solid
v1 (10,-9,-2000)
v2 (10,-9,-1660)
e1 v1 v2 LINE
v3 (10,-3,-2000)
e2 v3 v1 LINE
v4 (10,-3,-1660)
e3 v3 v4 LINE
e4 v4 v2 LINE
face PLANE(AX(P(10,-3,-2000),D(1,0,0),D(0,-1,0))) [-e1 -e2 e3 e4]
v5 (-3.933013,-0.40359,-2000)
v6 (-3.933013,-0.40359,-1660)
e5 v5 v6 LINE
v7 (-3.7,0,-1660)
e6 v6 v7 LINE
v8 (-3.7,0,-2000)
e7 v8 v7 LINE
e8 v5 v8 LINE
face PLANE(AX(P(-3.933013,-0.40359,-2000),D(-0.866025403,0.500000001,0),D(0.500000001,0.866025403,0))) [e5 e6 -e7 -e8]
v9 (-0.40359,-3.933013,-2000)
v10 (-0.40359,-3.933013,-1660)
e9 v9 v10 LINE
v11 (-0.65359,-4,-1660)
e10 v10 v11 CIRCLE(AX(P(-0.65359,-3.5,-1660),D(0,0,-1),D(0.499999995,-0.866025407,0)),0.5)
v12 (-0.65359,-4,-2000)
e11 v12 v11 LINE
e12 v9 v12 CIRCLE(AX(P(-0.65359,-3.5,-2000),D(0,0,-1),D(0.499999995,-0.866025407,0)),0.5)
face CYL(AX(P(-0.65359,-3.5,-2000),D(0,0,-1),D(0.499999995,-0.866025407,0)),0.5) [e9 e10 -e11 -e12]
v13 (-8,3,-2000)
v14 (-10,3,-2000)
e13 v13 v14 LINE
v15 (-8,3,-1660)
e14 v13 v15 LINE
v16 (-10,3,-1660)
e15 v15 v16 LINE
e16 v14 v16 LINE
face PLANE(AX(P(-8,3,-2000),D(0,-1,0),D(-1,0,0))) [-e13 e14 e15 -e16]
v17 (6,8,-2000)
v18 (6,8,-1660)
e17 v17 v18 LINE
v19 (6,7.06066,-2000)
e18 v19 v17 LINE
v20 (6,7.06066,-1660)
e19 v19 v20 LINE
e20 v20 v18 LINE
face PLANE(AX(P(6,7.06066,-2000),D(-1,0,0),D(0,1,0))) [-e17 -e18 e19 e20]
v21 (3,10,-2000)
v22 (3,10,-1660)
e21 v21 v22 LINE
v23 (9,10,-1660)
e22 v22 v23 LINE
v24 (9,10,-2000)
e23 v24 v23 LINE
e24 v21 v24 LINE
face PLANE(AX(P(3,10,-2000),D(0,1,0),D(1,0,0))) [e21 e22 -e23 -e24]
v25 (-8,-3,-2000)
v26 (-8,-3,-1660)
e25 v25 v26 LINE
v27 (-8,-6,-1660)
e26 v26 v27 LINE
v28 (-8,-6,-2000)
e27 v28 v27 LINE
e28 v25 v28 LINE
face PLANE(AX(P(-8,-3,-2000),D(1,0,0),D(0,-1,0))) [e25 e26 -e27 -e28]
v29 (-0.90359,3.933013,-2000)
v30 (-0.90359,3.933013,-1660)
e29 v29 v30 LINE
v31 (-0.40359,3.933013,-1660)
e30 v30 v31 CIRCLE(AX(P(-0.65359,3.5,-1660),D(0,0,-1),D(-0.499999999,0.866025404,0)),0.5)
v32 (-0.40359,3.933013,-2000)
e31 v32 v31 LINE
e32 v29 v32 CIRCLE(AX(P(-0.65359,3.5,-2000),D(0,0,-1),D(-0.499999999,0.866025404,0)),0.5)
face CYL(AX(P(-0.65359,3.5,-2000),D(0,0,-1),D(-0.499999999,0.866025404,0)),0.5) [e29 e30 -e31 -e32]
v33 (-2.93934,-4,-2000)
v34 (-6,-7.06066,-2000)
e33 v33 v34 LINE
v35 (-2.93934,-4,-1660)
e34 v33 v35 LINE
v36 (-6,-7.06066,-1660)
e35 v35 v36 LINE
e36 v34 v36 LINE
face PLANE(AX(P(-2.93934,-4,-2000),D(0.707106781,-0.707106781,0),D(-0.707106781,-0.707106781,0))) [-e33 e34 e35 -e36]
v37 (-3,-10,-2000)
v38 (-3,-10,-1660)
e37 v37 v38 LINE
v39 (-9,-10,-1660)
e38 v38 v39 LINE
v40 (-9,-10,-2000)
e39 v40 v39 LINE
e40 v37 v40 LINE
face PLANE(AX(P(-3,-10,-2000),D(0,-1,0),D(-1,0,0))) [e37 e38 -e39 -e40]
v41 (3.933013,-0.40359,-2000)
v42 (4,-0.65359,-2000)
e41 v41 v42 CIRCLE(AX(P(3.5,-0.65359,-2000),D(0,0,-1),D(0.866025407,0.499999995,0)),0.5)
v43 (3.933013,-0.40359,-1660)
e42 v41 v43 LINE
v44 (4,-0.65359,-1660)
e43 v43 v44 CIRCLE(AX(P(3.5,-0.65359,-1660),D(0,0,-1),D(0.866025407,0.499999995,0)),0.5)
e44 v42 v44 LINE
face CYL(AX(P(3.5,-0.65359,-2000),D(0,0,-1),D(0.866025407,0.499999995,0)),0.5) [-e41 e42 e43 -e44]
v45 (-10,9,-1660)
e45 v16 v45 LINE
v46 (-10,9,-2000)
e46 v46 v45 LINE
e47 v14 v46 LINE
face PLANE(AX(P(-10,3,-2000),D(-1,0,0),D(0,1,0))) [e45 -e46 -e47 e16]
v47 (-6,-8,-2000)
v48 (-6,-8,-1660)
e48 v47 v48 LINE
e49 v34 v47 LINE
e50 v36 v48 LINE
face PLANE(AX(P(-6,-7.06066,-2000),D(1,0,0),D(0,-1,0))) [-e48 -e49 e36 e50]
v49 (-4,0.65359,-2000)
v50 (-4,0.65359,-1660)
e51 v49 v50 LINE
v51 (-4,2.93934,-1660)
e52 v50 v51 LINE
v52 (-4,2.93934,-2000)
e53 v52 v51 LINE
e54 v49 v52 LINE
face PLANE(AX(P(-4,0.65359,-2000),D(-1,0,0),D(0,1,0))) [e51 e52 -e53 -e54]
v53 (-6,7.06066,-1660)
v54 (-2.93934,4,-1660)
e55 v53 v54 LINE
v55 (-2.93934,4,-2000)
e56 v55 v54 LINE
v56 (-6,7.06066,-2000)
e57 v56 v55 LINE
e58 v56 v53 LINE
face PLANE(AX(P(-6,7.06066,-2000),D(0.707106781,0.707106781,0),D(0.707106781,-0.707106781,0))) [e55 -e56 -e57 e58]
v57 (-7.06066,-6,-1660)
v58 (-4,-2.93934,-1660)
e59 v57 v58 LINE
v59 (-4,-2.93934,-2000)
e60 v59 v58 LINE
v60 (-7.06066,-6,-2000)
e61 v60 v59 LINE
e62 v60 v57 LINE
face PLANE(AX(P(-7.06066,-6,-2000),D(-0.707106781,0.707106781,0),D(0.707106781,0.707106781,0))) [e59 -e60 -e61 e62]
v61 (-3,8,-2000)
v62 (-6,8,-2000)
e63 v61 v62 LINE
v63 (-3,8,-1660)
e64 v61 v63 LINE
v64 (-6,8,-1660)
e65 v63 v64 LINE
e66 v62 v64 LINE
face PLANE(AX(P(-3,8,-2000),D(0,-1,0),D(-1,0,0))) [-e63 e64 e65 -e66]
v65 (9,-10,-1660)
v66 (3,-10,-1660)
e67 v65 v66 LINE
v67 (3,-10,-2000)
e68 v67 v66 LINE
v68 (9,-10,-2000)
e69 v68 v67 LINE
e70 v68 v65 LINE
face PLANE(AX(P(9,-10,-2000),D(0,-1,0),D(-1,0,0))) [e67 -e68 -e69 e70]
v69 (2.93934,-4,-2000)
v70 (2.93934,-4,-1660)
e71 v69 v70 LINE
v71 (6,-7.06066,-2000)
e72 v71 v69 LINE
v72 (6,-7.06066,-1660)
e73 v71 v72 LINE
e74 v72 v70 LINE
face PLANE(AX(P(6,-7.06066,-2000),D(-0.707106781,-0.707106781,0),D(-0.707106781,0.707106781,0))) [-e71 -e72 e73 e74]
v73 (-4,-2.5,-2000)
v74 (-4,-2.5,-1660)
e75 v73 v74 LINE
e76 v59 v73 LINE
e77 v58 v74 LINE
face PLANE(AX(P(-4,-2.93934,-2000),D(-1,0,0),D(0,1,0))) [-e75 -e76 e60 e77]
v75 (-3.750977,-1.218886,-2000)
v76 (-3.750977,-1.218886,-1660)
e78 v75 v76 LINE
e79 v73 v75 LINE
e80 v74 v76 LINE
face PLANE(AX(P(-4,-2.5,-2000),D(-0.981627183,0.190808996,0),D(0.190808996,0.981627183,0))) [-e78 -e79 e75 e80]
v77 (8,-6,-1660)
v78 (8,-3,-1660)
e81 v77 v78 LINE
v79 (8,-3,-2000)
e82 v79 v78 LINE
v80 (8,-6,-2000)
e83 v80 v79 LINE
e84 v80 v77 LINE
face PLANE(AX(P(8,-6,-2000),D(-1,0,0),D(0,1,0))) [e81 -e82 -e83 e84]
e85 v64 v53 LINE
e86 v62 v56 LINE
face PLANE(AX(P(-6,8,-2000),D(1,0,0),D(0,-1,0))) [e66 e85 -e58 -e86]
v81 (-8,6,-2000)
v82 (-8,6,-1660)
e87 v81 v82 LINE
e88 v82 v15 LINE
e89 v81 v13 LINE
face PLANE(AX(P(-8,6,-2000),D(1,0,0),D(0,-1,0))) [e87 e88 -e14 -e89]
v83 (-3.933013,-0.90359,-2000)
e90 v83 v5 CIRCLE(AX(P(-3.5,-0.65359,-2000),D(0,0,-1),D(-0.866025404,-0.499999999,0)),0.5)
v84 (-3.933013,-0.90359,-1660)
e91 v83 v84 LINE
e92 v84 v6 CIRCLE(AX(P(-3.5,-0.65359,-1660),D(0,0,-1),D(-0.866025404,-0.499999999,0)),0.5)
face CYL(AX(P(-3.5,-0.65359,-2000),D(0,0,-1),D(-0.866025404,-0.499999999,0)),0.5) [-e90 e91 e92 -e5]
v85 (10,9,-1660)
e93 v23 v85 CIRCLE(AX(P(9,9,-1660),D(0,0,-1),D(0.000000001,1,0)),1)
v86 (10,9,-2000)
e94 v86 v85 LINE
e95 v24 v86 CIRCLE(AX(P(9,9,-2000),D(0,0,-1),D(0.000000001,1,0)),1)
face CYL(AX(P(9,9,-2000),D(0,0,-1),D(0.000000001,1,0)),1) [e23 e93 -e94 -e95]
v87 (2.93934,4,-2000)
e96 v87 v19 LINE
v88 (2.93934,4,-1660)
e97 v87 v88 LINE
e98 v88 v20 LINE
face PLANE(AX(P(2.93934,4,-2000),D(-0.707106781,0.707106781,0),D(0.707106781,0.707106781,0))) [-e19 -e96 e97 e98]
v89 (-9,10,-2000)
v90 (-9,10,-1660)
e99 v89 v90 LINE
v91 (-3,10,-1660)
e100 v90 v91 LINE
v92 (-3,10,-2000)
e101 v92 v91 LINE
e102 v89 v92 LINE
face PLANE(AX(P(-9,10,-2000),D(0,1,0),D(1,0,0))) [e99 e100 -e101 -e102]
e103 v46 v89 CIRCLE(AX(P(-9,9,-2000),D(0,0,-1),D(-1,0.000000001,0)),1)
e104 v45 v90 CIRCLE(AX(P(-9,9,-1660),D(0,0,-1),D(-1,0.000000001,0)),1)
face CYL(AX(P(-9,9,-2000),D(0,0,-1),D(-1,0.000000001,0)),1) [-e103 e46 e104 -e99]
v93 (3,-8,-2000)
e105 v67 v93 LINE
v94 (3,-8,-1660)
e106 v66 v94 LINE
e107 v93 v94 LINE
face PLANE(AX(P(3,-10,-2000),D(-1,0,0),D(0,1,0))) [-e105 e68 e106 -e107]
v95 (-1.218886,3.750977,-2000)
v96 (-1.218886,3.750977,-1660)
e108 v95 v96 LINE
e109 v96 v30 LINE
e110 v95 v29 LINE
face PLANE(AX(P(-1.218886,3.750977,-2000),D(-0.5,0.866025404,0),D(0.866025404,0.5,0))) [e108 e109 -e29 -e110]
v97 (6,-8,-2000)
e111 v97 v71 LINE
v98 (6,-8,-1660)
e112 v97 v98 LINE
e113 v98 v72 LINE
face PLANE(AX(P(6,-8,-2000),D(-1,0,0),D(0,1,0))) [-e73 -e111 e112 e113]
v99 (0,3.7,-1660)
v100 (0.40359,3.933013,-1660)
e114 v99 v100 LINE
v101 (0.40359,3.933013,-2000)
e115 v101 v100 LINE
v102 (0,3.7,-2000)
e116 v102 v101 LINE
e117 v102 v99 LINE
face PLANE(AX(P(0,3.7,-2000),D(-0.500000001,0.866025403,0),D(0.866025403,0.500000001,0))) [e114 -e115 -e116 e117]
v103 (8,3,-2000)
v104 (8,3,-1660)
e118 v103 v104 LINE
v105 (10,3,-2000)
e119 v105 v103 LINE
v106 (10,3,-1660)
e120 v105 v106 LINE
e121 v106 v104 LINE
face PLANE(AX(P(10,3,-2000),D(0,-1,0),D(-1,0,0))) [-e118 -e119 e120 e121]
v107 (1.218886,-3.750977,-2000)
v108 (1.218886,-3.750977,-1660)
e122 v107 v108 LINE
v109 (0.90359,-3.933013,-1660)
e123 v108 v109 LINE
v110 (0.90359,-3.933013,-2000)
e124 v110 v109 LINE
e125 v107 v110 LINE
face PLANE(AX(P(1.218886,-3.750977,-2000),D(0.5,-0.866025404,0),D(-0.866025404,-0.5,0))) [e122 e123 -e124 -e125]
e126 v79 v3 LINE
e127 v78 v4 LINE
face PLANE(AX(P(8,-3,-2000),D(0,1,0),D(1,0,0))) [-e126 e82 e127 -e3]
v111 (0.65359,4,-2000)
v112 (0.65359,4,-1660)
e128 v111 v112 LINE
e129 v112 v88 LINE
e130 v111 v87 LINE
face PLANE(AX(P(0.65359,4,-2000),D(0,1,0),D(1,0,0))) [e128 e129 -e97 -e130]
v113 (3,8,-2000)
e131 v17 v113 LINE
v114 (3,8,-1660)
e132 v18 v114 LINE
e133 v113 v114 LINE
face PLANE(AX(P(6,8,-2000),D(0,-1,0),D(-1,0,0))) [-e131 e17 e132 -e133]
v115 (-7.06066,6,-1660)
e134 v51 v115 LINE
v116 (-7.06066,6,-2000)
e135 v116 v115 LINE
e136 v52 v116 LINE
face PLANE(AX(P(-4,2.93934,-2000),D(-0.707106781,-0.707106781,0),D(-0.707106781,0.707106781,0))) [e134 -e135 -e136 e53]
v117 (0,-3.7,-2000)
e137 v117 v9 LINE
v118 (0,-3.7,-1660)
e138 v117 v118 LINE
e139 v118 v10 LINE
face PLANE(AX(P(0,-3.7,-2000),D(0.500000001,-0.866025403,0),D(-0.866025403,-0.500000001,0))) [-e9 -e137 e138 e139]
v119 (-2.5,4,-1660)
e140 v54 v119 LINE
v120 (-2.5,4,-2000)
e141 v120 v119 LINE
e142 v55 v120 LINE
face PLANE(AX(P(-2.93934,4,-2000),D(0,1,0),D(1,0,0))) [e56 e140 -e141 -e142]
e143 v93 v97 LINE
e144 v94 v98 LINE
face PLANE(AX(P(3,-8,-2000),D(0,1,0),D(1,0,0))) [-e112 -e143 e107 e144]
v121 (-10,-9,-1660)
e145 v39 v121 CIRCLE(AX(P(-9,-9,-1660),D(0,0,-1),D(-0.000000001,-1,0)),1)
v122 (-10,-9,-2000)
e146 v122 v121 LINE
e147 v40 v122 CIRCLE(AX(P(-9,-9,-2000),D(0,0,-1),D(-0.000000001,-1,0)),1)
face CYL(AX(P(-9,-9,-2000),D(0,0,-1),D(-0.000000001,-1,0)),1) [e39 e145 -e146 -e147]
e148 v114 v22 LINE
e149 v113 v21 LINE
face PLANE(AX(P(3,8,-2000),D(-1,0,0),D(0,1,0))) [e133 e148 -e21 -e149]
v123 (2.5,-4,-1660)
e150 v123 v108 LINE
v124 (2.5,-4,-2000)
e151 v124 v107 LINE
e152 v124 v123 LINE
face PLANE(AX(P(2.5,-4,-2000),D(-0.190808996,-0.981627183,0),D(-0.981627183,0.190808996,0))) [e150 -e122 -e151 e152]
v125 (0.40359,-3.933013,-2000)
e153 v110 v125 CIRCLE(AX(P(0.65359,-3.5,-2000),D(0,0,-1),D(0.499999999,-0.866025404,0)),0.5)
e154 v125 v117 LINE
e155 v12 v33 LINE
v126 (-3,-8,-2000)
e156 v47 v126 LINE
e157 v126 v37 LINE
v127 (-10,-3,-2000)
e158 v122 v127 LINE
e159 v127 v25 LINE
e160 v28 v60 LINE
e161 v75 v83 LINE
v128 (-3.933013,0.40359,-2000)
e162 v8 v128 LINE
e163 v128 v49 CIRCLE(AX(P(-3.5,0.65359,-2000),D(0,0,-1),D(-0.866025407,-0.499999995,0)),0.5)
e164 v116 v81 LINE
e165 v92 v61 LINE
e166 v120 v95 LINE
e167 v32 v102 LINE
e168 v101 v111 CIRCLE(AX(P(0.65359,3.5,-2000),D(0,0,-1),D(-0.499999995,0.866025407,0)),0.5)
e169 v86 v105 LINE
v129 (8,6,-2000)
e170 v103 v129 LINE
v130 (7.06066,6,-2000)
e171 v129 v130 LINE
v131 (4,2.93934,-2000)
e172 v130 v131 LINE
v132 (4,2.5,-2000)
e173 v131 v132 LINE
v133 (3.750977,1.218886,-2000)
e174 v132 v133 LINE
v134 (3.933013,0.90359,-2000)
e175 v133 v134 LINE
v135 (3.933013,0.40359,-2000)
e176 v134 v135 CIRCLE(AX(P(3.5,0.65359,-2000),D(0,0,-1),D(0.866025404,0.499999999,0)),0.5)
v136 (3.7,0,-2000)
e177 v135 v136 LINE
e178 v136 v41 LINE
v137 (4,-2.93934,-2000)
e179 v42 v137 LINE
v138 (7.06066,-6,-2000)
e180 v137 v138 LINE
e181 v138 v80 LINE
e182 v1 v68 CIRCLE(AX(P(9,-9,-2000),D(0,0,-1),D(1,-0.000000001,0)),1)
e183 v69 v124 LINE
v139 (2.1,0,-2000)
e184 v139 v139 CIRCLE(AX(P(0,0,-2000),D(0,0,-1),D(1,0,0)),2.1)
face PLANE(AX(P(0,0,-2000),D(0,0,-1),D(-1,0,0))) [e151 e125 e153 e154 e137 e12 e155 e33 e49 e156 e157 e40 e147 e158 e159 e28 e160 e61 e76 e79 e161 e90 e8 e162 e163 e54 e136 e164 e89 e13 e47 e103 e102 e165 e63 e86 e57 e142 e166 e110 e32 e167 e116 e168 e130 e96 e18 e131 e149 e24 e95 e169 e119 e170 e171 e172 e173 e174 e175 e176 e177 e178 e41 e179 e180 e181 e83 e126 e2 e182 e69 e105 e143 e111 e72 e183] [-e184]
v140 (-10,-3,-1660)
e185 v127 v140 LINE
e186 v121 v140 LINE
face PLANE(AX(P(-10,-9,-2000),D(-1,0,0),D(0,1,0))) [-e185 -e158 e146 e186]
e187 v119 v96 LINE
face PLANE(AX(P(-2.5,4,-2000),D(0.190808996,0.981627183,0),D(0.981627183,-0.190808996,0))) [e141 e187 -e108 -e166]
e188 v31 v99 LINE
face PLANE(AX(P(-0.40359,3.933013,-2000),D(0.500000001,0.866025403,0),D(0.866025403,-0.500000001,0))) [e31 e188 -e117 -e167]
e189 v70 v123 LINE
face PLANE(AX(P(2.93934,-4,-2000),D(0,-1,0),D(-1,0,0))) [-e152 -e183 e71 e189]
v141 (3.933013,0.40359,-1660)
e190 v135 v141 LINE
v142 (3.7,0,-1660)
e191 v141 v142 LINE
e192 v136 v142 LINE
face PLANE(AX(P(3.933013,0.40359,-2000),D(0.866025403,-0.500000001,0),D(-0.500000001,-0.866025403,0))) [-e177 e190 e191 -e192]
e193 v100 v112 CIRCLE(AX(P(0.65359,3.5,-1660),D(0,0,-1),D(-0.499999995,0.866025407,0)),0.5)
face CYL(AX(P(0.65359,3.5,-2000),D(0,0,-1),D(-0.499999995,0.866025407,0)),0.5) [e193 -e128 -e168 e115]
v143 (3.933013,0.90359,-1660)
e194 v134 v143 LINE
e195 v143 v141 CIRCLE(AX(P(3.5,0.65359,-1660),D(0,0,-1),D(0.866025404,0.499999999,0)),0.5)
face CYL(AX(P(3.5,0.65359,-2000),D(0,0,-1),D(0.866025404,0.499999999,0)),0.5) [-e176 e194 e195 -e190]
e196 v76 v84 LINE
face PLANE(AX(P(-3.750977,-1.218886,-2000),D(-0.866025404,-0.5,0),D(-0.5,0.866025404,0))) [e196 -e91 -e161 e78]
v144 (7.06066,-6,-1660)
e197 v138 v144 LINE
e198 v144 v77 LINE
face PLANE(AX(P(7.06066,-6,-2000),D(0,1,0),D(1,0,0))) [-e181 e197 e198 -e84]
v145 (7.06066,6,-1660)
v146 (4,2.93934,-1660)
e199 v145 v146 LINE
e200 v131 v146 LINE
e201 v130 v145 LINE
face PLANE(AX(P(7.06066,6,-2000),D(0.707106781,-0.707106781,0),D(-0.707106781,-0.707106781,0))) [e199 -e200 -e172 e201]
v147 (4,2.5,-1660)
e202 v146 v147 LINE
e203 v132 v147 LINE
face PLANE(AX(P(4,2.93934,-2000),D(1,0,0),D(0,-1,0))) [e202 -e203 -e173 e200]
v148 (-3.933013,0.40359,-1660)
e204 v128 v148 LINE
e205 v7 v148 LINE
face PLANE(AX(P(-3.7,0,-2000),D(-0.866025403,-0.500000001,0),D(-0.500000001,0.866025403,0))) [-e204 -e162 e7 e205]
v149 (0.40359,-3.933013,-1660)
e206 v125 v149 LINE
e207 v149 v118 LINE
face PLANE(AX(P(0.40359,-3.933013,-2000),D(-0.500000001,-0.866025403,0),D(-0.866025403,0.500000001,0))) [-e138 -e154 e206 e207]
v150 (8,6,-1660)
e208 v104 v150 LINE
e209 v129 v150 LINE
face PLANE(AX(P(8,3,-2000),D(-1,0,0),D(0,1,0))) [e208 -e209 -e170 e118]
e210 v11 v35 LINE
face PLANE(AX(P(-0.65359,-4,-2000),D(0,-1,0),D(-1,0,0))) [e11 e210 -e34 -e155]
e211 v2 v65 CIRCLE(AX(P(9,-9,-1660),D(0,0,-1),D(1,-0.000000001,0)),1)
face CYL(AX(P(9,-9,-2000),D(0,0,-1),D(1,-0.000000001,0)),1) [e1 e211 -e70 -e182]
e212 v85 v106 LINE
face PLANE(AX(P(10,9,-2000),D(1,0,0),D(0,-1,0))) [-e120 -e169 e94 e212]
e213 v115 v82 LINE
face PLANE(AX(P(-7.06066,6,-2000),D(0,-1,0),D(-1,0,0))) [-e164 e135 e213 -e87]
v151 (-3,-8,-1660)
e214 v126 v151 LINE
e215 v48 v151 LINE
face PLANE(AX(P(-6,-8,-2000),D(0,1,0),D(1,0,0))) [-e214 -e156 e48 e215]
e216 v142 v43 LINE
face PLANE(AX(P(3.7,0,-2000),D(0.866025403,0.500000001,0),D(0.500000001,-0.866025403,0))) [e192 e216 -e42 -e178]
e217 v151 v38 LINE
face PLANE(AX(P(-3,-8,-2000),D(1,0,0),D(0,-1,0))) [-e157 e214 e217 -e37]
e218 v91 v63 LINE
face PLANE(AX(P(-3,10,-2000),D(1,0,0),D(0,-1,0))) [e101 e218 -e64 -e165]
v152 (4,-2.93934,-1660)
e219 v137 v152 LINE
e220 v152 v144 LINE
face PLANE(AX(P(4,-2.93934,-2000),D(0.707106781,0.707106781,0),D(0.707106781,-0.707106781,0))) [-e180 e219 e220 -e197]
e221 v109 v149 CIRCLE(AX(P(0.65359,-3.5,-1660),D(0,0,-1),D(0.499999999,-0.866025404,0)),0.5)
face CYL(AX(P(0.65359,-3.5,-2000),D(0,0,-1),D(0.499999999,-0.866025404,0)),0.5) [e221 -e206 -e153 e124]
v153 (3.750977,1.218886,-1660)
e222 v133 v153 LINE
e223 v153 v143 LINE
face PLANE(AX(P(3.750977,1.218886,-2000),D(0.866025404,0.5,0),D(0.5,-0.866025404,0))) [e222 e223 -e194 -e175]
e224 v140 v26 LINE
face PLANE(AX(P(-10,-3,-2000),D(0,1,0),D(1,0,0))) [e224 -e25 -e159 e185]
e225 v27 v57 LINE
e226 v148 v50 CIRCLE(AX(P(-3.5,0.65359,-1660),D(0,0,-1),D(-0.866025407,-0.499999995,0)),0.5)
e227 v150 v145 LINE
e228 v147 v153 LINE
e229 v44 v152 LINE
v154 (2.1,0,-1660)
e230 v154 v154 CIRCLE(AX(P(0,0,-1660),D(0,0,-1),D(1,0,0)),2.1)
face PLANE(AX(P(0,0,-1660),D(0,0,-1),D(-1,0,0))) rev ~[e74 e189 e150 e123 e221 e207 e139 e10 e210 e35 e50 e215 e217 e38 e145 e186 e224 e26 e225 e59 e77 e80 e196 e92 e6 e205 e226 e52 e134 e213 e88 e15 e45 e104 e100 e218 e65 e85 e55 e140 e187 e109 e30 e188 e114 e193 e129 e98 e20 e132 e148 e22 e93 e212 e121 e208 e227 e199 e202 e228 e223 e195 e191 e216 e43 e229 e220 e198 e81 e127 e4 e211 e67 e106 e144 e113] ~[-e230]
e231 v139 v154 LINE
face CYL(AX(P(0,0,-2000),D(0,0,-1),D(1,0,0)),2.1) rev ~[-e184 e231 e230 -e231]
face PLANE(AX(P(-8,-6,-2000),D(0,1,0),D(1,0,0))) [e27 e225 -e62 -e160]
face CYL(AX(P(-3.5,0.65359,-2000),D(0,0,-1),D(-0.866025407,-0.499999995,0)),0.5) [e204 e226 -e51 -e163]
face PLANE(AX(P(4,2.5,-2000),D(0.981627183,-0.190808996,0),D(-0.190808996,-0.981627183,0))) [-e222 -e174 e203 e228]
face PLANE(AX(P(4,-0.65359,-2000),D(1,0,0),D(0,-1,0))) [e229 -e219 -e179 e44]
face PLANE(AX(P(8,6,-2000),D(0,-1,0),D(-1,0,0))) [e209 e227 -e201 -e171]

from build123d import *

# Parameters (mm, degrees)
SKETCH1_R           = 2.1
BOSS_EXTRUDE1_DEPTH = 340


with BuildPart() as part:
    # Sketch1 → Boss-Extrude1 (new body)
    with BuildSketch(Plane(origin=(0, 0, -2000), x_dir=(-1, 0, 0), z_dir=(0, 0, -1))):
        with BuildLine():
            Line((10, -3), (8, -3))
            Line((8, -3), (8, -6))
            Line((8, -6), (7.060660172, -6))
            Line((7.060660172, -6), (4, -2.939339828))
            Line((4, -2.939339828), (4, -2.5))
            Line((4, -2.5), (3.750976592, -1.218885629))
            Line((3.750976592, -1.218885629), (3.933012702, -0.903589838))
            ThreePointArc((3.933012702, -0.903589838), (4, -0.653589838), (3.933012702, -0.403589838))
            Line((3.933012702, -0.403589838), (3.7, 0))
            Line((3.7, 0), (3.933012702, 0.403589838))
            ThreePointArc((3.933012702, 0.403589838), (3.982962913, 0.524180316), (4, 0.653589838))
            Line((4, 0.653589838), (4, 2.939339828))
            Line((4, 2.939339828), (7.060660172, 6))
            Line((7.060660172, 6), (8, 6))
            Line((8, 6), (8, 3))
            Line((8, 3), (10, 3))
            Line((10, 3), (10, 9))
            ThreePointArc((10, 9), (9.707106781, 9.707106781), (9, 10))
            Line((9, 10), (3, 10))
            Line((3, 10), (3, 8))
            Line((3, 8), (6, 8))
            Line((6, 8), (6, 7.060660172))
            Line((6, 7.060660172), (2.939339828, 4))
            Line((2.939339828, 4), (2.5, 4))
            Line((2.5, 4), (1.218885629, 3.750976592))
            Line((1.218885629, 3.750976592), (0.903589838, 3.933012702))
            ThreePointArc((0.903589838, 3.933012702), (0.653589838, 4), (0.403589838, 3.933012702))
            Line((0.403589838, 3.933012702), (0, 3.7))
            Line((0, 3.7), (-0.403589838, 3.933012702))
            ThreePointArc((-0.403589838, 3.933012702), (-0.524180316, 3.982962913), (-0.653589838, 4))
            Line((-0.653589838, 4), (-2.939339828, 4))
            Line((-2.939339828, 4), (-6, 7.060660172))
            Line((-6, 7.060660172), (-6, 8))
            Line((-6, 8), (-3, 8))
            Line((-3, 8), (-3, 10))
            Line((-3, 10), (-9, 10))
            ThreePointArc((-9, 10), (-9.707106781, 9.707106781), (-10, 9))
            Line((-10, 9), (-10, 3))
            Line((-10, 3), (-8, 3))
            Line((-8, 3), (-8, 6))
            Line((-8, 6), (-7.060660172, 6))
            Line((-7.060660172, 6), (-4, 2.939339828))
            Line((-4, 2.939339828), (-4, 2.5))
            Line((-4, 2.5), (-3.750976592, 1.218885629))
            Line((-3.750976592, 1.218885629), (-3.933012702, 0.903589838))
            ThreePointArc((-3.933012702, 0.903589838), (-4, 0.653589838), (-3.933012702, 0.403589838))
            Line((-3.933012702, 0.403589838), (-3.7, 0))
            Line((-3.7, 0), (-3.933012702, -0.403589838))
            ThreePointArc((-3.933012702, -0.403589838), (-3.982962913, -0.524180316), (-4, -0.653589838))
            Line((-4, -0.653589838), (-4, -2.939339828))
            Line((-4, -2.939339828), (-7.060660172, -6))
            Line((-7.060660172, -6), (-8, -6))
            Line((-8, -6), (-8, -3))
            Line((-8, -3), (-10, -3))
            Line((-10, -3), (-10, -9))
            ThreePointArc((-10, -9), (-9.707106781, -9.707106781), (-9, -10))
            Line((-9, -10), (-3, -10))
            Line((-3, -10), (-3, -8))
            Line((-3, -8), (-6, -8))
            Line((-6, -8), (-6, -7.060660172))
            Line((-6, -7.060660172), (-2.939339828, -4))
            Line((-2.939339828, -4), (-2.5, -4))
            Line((-2.5, -4), (-1.218885629, -3.750976592))
            Line((-1.218885629, -3.750976592), (-0.903589838, -3.933012702))
            ThreePointArc((-0.903589838, -3.933012702), (-0.653589838, -4), (-0.403589838, -3.933012702))
            Line((-0.403589838, -3.933012702), (0, -3.7))
            Line((0, -3.7), (0.403589838, -3.933012702))
            ThreePointArc((0.403589838, -3.933012702), (0.524180316, -3.982962913), (0.653589838, -4))
            Line((0.653589838, -4), (2.939339828, -4))
            Line((2.939339828, -4), (6, -7.060660172))
            Line((6, -7.060660172), (6, -8))
            Line((6, -8), (3, -8))
            Line((3, -8), (3, -10))
            Line((3, -10), (9, -10))
            ThreePointArc((9, -10), (9.707106781, -9.707106781), (10, -9))
            Line((10, -9), (10, -3))
        make_face()
        with Locations(Location((0, 0, 0), (0, 0, 180))):
            Circle(SKETCH1_R, mode=Mode.SUBTRACT)
    extrude(amount=-BOSS_EXTRUDE1_DEPTH)


solid = part.part
